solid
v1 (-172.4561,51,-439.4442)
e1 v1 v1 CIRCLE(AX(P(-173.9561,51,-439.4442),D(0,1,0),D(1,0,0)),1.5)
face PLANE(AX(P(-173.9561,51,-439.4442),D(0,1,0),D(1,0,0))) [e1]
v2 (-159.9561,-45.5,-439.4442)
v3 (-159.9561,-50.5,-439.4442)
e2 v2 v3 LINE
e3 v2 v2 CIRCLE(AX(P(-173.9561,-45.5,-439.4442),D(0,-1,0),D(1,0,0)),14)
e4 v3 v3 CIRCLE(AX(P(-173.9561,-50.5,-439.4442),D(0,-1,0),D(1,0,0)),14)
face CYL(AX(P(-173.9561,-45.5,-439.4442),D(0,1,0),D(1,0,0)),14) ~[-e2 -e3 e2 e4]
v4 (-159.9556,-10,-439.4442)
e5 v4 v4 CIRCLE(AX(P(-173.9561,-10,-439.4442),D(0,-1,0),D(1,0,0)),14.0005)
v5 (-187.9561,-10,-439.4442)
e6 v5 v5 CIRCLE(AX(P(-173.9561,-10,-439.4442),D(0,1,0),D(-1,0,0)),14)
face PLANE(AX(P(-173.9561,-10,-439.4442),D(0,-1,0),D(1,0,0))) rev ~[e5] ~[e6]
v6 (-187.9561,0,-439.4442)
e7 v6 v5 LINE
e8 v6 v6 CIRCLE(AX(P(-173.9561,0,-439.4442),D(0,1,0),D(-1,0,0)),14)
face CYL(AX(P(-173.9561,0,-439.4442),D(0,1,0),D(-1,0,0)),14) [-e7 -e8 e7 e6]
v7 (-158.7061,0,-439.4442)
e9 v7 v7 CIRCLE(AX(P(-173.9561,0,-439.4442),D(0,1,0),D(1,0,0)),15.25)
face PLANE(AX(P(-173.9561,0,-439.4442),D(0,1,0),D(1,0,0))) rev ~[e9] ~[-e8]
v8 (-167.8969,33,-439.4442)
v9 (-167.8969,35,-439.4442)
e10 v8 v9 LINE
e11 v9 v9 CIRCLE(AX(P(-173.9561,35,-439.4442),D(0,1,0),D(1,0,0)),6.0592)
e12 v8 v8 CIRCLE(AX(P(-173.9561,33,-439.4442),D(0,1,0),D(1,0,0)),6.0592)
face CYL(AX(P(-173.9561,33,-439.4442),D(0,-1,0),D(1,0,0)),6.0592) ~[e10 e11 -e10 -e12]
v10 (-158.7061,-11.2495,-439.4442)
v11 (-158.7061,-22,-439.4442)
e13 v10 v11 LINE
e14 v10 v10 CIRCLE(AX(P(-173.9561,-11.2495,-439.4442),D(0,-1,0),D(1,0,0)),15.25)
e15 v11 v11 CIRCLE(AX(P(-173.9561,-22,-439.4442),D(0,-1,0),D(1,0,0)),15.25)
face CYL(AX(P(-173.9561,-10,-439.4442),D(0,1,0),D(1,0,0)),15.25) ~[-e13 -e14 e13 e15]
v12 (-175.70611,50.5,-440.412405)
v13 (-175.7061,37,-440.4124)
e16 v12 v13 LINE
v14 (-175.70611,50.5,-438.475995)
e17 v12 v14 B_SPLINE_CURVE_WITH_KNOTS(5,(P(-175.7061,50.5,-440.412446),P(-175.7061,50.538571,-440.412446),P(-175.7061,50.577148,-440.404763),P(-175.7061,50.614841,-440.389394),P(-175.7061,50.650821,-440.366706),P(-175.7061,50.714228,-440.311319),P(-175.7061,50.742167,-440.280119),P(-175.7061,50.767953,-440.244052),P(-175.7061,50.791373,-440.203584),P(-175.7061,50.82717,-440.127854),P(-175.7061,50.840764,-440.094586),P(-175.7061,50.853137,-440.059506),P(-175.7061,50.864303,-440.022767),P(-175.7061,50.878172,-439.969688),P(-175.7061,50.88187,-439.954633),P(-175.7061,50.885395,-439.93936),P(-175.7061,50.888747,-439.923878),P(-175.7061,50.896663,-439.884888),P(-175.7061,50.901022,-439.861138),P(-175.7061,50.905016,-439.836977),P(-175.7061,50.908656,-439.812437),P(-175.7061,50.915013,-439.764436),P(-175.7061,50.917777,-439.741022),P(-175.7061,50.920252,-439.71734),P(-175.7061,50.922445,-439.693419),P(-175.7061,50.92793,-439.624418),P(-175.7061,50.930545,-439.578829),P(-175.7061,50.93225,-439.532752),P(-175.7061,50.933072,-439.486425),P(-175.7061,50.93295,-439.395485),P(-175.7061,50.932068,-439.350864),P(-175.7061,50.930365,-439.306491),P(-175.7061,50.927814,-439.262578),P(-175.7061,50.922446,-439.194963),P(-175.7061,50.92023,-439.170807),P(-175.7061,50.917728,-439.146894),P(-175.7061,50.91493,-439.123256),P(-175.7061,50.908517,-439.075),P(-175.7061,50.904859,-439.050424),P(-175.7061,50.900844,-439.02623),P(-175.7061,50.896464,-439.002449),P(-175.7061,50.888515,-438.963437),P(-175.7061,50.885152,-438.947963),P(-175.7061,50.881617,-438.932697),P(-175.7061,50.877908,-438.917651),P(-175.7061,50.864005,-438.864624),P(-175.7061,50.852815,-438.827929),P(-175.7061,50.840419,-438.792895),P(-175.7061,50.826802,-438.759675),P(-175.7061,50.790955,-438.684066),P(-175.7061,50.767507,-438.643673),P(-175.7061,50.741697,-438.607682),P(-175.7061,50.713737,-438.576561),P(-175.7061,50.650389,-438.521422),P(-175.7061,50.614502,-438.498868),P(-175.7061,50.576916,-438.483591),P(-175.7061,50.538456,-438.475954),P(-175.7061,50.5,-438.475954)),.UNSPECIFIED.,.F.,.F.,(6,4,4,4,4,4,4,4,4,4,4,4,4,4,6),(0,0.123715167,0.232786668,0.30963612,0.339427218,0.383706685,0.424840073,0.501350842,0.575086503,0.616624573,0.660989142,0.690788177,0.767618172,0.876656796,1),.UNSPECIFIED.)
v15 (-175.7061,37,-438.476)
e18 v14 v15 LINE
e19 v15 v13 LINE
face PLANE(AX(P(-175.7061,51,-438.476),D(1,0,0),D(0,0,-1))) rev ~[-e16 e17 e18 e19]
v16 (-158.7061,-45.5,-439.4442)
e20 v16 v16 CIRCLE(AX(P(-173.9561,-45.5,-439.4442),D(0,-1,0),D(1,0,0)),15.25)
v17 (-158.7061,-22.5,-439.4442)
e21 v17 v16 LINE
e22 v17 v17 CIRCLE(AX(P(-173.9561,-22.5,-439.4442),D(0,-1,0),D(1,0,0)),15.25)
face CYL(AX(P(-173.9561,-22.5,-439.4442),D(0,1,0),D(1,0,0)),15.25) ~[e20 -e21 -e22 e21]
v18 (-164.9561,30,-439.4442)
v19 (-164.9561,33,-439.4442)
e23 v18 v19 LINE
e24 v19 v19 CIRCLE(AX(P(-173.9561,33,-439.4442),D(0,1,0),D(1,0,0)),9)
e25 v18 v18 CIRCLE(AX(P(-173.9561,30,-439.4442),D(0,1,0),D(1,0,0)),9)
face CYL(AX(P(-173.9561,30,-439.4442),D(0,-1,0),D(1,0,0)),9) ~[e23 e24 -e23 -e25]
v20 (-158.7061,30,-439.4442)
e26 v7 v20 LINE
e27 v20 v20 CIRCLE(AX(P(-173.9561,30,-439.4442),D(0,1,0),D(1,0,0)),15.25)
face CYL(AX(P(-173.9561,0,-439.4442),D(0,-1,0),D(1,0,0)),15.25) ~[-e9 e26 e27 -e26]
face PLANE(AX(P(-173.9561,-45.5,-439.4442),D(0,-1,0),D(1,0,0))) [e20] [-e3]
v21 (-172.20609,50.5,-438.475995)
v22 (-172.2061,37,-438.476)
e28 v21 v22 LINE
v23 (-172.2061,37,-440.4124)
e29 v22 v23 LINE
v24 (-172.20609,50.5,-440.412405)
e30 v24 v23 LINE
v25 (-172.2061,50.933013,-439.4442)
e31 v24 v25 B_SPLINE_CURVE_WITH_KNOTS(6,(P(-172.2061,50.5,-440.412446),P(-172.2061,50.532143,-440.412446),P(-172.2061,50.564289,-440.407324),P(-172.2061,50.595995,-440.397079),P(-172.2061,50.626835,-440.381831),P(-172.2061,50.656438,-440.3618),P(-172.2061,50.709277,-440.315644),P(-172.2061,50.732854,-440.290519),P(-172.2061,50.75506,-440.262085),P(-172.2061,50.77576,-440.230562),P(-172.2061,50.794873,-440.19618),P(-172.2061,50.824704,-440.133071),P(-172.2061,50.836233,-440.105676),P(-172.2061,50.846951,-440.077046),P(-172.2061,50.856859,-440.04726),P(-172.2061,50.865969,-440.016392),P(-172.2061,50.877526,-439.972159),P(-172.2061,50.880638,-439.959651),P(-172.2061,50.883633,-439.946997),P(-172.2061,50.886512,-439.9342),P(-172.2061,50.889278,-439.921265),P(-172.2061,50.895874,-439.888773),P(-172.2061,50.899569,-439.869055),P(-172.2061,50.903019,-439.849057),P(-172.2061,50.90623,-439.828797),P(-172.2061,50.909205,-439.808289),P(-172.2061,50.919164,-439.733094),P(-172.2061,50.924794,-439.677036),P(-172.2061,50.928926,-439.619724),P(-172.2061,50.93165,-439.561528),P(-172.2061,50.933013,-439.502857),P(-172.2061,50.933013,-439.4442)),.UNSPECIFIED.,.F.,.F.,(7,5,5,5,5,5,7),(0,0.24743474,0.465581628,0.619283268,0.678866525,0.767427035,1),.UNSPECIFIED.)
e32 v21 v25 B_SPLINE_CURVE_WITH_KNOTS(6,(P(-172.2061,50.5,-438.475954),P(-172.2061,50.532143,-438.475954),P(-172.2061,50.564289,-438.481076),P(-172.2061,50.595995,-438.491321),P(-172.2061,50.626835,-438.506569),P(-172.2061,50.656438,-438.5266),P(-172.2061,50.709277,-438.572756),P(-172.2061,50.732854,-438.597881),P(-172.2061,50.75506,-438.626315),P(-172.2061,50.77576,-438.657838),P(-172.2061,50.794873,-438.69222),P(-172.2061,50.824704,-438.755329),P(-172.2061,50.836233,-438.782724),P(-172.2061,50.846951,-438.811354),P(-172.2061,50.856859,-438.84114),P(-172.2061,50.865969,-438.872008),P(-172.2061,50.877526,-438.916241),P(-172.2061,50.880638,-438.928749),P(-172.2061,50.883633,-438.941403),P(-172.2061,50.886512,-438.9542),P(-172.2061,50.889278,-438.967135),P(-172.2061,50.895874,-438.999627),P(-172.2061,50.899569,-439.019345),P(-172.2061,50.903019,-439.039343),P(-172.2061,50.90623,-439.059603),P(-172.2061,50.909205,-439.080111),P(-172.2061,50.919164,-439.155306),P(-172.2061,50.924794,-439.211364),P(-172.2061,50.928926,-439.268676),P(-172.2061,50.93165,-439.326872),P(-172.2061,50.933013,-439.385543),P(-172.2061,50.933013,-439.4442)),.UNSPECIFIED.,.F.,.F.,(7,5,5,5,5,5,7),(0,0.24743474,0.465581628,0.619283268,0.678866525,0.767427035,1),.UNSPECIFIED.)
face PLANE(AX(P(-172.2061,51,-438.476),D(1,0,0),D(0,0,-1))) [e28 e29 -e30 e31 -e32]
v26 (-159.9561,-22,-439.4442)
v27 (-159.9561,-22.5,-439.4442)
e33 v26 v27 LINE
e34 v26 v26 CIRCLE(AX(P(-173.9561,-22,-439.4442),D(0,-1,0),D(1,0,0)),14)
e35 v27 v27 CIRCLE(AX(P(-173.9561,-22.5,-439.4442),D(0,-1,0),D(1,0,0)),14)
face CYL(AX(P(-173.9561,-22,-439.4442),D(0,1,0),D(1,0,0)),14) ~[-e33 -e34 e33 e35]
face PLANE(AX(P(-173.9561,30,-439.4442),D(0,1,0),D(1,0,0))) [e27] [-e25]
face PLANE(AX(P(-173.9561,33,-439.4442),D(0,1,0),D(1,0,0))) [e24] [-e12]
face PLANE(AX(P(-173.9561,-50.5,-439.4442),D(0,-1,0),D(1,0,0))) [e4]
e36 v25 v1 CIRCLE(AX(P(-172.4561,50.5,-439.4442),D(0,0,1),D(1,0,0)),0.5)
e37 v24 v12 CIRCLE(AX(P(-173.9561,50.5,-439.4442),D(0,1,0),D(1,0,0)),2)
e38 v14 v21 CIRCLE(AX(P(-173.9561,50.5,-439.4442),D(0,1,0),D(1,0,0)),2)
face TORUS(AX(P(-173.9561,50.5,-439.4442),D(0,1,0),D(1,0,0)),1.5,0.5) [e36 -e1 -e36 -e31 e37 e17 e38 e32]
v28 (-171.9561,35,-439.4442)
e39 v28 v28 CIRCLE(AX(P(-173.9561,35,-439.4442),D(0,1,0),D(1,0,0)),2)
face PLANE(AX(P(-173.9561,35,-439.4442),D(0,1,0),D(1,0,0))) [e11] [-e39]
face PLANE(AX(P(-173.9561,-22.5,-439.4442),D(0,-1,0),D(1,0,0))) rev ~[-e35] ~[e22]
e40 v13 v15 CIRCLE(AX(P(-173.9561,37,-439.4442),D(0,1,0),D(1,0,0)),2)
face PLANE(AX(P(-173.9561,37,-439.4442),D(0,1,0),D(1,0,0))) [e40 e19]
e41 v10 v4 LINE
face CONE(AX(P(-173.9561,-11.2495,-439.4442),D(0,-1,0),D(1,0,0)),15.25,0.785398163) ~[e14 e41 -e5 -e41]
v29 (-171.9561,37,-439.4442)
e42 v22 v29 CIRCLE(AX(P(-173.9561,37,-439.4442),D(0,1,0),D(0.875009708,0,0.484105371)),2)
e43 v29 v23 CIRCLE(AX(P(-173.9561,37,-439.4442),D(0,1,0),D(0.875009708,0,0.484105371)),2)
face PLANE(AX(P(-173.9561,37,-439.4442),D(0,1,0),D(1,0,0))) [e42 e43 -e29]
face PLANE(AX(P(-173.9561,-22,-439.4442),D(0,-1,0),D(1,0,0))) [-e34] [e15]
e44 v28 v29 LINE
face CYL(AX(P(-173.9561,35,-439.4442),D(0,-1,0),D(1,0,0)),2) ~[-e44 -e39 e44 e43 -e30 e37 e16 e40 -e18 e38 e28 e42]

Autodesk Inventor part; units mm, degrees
ref_plane "YZ Plane" through (0, 0, 0) normal (1, 0, 0) x (0, 1, 0)
sketch "Sketch1" plane through (0, 0, 0) normal (0, 1, 0) x (-1, 0, 0)
  circle A0 centre (173.9561, -439.4442) radius 14
  dimension "d17" = 28
extrude "Extrusion1" add sketch "Sketch1" against normal blind 10
sketch "Sketch2" plane through (-173.9561, -10, -439.4442) normal (0, -1, 0) x (1, 0, 0)
  circle A0 centre (0, 0) radius 15.25
  point P0 (173.9561, 439.4442)
  dimension "d20" = 30.5
extrude "Extrusion2" add sketch "Sketch2" along normal blind 12
chamfer "Chamfer1" distance 1.25 angle 45 1 edges at (-189.2061, -10, -439.4442)
sketch "Sketch4" plane through (-173.9561, -22, -439.4442) normal (0, -1, 0) x (1, 0, 0)
  circle A0 centre (0, 0) radius 14
  point P0 (173.9561, 439.4442)
  dimension "d26" = 28
extrude "Extrusion3" add sketch "Sketch4" along normal blind 0.5
sketch "Sketch5" plane through (-173.9561, -22.5, -439.4442) normal (0, -1, 0) x (1, 0, 0)
  circle A0 centre (0, 0) radius 15.25
  point P0 (173.9561, 439.4442)
  dimension "d29" = 30.5
extrude "Extrusion4" add sketch "Sketch5" along normal blind 23
sketch "Sketch6" plane through (-173.9561, -45.5, -439.4442) normal (0, -1, 0) x (1, 0, 0)
  circle A0 centre (0, 0) radius 14
  point P0 (173.9561, 439.4442)
  dimension "d32" = 28
extrude "Extrusion5" add sketch "Sketch6" along normal blind 5
sketch "Sketch7" plane through (-173.9561, 0, -439.4442) normal (0, 1, 0) x (1, 0, 0)
  circle A0 centre (0, 0) radius 15.25
  point P0 (173.9561, -439.4442)
  dimension "d35" = 30.5
extrude "Extrusion6" add sketch "Sketch7" along normal blind 30
sketch "Sketch8" plane through (-173.9561, 30, -439.4442) normal (0, 1, 0) x (1, 0, 0)
  circle A0 centre (0, 0) radius 9
  point P0 (173.9561, -439.4442)
  dimension "d38" = 18
extrude "Extrusion7" add sketch "Sketch8" along normal blind 3
sketch "Sketch10" plane through (-173.9561, 33, -439.4442) normal (0, 1, 0) x (1, 0, 0)
  circle A0 centre (0, 0) radius 6.0592
  point P0 (173.9561, -439.4442)
extrude "Extrusion9" add sketch "Sketch10" along normal blind 2
sketch "Sketch11" plane through (-173.9561, 35, -439.4442) normal (0, 1, 0) x (1, 0, 0)
  circle A0 centre (0, 0) radius 2
  point P0 (173.9561, -439.4442)
  dimension "d45" = 4
extrude "Extrusion10" add sketch "Sketch11" along normal blind 16
fillet "Fillet1" radius 0.5 1 edges at (-175.9561, 51, -439.4442)
sketch "Sketch12" plane through (-173.9561, 51, -439.4442) normal (0, 1, 0) x (1, 0, 0)
  circle A0 centre (0, 0) radius 2 projected
  circle A1 centre (0, 0) radius 2 projected
  line L0 (-1.75, -0.9682) -> (-1.75, 0.9682)
  line L1 (1.75, -0.9682) -> (1.75, 0.9682)
  point P0 (173.9561, -439.4442)
  dimension "d49" = 3.5
  dimension "d50" = 1.75
extrude "Extrusion11" cut sketch "Sketch12" against normal blind 14 contours A0 L1 | L0 A0
ref_plane "Work Plane1" through (-173.9561, 20, -439.4442) normal (0, 1, 0) x (1, 0, 0)
ref_plane "Work Plane2" through (-173.9561, 5, -439.4442) normal (0, -1, 0) x (1, 0, 0)
split_face "Split1"
split_face "Split2"
equation "\"d50\" = 0.5 * d49"
properties part number "14-0001"
